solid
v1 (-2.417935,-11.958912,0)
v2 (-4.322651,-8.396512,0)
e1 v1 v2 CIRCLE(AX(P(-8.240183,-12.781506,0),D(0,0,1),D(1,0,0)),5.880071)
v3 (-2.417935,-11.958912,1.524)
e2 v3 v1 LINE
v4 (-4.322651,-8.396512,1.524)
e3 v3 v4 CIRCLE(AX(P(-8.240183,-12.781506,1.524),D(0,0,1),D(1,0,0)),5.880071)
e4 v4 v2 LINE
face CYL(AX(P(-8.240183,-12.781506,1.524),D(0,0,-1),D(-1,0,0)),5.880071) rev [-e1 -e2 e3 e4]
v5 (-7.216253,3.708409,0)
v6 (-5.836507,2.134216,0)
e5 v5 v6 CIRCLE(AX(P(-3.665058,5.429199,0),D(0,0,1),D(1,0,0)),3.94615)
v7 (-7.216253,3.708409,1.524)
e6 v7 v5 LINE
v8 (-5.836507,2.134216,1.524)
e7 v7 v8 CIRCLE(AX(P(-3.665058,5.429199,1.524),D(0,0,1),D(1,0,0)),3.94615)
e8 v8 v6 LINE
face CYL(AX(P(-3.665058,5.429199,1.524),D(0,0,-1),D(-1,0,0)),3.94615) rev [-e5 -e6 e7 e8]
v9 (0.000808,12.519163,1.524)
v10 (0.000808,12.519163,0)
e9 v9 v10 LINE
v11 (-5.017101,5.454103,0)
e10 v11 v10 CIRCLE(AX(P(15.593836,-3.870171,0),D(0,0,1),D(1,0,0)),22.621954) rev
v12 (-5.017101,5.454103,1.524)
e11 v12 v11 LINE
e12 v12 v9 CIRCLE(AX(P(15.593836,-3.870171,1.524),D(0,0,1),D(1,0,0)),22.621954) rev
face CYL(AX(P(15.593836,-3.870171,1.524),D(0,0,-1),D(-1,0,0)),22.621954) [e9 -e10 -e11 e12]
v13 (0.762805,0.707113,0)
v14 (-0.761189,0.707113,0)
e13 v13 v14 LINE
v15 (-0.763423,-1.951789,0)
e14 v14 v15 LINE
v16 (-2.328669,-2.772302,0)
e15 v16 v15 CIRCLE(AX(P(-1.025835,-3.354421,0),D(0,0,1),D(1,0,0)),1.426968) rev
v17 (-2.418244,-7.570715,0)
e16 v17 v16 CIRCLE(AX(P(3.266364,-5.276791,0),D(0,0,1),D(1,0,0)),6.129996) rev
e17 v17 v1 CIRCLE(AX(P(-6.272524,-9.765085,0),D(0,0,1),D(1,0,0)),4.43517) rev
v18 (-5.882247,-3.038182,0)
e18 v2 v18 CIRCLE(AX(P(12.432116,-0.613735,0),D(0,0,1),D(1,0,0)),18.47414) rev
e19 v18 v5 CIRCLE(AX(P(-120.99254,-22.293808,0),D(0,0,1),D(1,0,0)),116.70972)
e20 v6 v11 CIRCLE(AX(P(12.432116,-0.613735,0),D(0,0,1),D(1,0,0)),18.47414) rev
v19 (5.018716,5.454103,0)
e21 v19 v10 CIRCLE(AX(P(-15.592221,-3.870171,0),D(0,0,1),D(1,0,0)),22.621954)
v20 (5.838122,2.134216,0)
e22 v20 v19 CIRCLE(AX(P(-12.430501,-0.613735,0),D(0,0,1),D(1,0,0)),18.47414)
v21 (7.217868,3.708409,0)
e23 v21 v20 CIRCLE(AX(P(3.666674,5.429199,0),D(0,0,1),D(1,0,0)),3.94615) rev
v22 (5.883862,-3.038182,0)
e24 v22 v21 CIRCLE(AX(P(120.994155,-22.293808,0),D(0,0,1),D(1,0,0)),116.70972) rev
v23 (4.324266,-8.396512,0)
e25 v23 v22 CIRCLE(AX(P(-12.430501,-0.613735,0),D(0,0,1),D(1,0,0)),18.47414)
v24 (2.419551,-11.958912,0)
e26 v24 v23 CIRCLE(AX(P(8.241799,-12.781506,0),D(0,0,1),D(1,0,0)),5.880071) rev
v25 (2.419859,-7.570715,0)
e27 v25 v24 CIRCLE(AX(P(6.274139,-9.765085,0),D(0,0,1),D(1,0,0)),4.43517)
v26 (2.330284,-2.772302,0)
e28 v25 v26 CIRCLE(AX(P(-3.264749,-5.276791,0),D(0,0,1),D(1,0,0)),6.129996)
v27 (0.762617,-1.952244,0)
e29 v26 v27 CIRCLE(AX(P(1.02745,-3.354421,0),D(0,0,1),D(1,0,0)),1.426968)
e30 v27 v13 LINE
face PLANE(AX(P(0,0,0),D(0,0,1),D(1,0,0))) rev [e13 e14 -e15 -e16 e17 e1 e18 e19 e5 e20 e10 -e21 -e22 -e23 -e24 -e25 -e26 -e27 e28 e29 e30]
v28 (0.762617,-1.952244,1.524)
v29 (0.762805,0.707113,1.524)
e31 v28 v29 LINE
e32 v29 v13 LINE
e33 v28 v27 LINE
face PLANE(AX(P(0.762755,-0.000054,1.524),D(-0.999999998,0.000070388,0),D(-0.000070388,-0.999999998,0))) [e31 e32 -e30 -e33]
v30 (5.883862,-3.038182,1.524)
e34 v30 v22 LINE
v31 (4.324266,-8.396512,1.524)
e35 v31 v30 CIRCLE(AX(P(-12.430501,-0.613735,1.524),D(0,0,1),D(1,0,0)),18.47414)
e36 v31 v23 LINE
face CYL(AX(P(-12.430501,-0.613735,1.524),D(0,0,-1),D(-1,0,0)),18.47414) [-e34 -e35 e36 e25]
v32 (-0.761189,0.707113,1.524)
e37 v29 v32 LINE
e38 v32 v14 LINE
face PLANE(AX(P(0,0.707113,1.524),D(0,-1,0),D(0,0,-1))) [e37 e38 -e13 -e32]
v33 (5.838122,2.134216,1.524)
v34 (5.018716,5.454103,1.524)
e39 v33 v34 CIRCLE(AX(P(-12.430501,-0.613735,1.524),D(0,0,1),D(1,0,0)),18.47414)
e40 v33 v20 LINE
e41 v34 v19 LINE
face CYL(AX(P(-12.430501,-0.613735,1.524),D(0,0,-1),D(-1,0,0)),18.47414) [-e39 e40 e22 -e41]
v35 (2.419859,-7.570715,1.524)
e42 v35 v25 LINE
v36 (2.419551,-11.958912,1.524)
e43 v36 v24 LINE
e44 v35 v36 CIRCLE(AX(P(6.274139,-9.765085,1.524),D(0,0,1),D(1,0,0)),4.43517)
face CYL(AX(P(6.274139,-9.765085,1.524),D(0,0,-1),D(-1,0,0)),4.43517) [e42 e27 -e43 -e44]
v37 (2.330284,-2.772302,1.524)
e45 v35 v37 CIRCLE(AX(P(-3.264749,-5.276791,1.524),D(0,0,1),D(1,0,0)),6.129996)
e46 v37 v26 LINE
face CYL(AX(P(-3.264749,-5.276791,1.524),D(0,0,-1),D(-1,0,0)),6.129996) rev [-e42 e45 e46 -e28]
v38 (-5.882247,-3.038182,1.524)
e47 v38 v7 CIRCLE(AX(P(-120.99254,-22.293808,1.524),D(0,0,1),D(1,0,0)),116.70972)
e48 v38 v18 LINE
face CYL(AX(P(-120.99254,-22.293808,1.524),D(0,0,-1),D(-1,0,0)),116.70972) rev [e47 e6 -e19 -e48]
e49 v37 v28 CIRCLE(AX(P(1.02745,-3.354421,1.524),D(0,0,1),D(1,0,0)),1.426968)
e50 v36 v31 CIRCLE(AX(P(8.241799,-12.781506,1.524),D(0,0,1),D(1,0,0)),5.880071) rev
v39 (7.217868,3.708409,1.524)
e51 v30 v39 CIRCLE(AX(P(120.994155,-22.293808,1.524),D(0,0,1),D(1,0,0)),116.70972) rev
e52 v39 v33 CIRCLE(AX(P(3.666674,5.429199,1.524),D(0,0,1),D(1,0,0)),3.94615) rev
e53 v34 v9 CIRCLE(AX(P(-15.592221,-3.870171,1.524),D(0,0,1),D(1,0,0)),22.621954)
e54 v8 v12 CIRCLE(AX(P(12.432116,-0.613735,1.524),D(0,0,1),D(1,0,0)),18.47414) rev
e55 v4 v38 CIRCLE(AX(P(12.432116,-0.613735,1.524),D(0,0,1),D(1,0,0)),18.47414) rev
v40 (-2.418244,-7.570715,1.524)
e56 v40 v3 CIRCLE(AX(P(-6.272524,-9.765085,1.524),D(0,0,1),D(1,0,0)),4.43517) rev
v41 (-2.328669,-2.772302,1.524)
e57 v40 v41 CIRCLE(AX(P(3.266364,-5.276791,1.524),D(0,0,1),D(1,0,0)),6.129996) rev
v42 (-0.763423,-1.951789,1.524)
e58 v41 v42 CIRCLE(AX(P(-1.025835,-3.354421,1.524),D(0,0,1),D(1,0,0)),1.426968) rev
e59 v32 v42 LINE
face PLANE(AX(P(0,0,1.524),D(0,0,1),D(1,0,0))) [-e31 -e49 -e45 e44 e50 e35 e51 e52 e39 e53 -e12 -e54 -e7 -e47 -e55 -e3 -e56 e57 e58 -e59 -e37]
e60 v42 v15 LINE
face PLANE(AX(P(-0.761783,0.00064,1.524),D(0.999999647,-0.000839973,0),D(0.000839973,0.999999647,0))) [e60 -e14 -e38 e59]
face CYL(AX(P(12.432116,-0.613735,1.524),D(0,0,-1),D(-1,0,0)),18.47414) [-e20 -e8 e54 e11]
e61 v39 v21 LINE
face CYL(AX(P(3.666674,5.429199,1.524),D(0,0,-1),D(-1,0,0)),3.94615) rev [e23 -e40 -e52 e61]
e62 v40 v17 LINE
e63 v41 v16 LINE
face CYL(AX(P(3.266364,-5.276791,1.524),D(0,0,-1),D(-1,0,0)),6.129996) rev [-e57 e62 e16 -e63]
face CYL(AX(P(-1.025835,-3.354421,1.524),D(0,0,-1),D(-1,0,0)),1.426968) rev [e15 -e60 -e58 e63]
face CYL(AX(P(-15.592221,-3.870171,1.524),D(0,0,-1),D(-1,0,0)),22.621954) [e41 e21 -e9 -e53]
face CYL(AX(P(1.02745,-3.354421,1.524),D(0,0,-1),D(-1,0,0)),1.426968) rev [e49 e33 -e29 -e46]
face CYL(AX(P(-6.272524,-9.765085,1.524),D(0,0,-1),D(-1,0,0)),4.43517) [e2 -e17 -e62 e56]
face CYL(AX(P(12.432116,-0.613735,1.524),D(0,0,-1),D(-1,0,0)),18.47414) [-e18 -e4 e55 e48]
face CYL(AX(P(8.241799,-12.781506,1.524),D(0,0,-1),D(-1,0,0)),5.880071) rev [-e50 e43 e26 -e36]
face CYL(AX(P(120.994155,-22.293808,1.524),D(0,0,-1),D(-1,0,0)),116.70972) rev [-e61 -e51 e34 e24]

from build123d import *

# Parameters (mm, degrees)
BOSS_EXTRUDE1_DEPTH = 1.524


with BuildPart() as part:
    # Sketch1 → Boss-Extrude1 (new body)
    with BuildSketch(Plane.XY):
        with BuildLine():
            Line((0.762804565, 0.707113294), (0.762617378, -1.952243646))
            ThreePointArc((0.762617378, -1.952243646), (1.688876918, -2.090003107), (2.330283806, -2.772301873))
            ThreePointArc((2.330283806, -2.772301873), (2.864179893, -5.162377967), (2.419859411, -7.570715168))
            ThreePointArc((2.419859411, -7.570715168), (1.838969345, -9.764772757), (2.419550535, -11.958912099))
            ThreePointArc((2.419550535, -11.958912099), (3.056385936, -10.009011099), (4.324266146, -8.396512102))
            ThreePointArc((4.324266146, -8.396512102), (5.30756259, -5.77657732), (5.883862124, -3.038181986))
            ThreePointArc((5.883862124, -3.038181986), (6.501160971, 0.344941452), (7.217868451, 3.708408777))
            ThreePointArc((7.217868451, 3.708408777), (6.634279276, 2.828156935), (5.838122451, 2.134216059))
            ThreePointArc((5.838122451, 2.134216059), (5.505397312, 3.813158809), (5.018716283, 5.454102548))
            ThreePointArc((5.018716283, 5.454102548), (2.851221099, 9.229151646), (0.000807633, 12.519162913))
            ThreePointArc((0.000807633, 12.519162913), (-2.849605833, 9.229151646), (-5.017101017, 5.454102548))
            ThreePointArc((-5.017101017, 5.454102548), (-5.503782046, 3.813158809), (-5.836507185, 2.134216059))
            ThreePointArc((-5.836507185, 2.134216059), (-6.63266401, 2.828156935), (-7.216253185, 3.708408777))
            ThreePointArc((-7.216253185, 3.708408777), (-6.499545704, 0.344941452), (-5.882246858, -3.038181986))
            ThreePointArc((-5.882246858, -3.038181986), (-5.305947324, -5.77657732), (-4.32265088, -8.396512102))
            ThreePointArc((-4.32265088, -8.396512102), (-3.05477067, -10.009011099), (-2.417935269, -11.958912099))
            ThreePointArc((-2.417935269, -11.958912099), (-1.837354079, -9.764772757), (-2.418244145, -7.570715168))
            ThreePointArc((-2.418244145, -7.570715168), (-2.862564627, -5.162377967), (-2.32866854, -2.772301873))
            ThreePointArc((-2.32866854, -2.772301873), (-1.688352617, -2.090574399), (-0.763422707, -1.951788625))
            Line((-0.763422707, -1.951788625), (-0.761189299, 0.707113294))
            Line((-0.761189299, 0.707113294), (0.762804565, 0.707113294))
        make_face()
    extrude(amount=BOSS_EXTRUDE1_DEPTH)


solid = part.part
